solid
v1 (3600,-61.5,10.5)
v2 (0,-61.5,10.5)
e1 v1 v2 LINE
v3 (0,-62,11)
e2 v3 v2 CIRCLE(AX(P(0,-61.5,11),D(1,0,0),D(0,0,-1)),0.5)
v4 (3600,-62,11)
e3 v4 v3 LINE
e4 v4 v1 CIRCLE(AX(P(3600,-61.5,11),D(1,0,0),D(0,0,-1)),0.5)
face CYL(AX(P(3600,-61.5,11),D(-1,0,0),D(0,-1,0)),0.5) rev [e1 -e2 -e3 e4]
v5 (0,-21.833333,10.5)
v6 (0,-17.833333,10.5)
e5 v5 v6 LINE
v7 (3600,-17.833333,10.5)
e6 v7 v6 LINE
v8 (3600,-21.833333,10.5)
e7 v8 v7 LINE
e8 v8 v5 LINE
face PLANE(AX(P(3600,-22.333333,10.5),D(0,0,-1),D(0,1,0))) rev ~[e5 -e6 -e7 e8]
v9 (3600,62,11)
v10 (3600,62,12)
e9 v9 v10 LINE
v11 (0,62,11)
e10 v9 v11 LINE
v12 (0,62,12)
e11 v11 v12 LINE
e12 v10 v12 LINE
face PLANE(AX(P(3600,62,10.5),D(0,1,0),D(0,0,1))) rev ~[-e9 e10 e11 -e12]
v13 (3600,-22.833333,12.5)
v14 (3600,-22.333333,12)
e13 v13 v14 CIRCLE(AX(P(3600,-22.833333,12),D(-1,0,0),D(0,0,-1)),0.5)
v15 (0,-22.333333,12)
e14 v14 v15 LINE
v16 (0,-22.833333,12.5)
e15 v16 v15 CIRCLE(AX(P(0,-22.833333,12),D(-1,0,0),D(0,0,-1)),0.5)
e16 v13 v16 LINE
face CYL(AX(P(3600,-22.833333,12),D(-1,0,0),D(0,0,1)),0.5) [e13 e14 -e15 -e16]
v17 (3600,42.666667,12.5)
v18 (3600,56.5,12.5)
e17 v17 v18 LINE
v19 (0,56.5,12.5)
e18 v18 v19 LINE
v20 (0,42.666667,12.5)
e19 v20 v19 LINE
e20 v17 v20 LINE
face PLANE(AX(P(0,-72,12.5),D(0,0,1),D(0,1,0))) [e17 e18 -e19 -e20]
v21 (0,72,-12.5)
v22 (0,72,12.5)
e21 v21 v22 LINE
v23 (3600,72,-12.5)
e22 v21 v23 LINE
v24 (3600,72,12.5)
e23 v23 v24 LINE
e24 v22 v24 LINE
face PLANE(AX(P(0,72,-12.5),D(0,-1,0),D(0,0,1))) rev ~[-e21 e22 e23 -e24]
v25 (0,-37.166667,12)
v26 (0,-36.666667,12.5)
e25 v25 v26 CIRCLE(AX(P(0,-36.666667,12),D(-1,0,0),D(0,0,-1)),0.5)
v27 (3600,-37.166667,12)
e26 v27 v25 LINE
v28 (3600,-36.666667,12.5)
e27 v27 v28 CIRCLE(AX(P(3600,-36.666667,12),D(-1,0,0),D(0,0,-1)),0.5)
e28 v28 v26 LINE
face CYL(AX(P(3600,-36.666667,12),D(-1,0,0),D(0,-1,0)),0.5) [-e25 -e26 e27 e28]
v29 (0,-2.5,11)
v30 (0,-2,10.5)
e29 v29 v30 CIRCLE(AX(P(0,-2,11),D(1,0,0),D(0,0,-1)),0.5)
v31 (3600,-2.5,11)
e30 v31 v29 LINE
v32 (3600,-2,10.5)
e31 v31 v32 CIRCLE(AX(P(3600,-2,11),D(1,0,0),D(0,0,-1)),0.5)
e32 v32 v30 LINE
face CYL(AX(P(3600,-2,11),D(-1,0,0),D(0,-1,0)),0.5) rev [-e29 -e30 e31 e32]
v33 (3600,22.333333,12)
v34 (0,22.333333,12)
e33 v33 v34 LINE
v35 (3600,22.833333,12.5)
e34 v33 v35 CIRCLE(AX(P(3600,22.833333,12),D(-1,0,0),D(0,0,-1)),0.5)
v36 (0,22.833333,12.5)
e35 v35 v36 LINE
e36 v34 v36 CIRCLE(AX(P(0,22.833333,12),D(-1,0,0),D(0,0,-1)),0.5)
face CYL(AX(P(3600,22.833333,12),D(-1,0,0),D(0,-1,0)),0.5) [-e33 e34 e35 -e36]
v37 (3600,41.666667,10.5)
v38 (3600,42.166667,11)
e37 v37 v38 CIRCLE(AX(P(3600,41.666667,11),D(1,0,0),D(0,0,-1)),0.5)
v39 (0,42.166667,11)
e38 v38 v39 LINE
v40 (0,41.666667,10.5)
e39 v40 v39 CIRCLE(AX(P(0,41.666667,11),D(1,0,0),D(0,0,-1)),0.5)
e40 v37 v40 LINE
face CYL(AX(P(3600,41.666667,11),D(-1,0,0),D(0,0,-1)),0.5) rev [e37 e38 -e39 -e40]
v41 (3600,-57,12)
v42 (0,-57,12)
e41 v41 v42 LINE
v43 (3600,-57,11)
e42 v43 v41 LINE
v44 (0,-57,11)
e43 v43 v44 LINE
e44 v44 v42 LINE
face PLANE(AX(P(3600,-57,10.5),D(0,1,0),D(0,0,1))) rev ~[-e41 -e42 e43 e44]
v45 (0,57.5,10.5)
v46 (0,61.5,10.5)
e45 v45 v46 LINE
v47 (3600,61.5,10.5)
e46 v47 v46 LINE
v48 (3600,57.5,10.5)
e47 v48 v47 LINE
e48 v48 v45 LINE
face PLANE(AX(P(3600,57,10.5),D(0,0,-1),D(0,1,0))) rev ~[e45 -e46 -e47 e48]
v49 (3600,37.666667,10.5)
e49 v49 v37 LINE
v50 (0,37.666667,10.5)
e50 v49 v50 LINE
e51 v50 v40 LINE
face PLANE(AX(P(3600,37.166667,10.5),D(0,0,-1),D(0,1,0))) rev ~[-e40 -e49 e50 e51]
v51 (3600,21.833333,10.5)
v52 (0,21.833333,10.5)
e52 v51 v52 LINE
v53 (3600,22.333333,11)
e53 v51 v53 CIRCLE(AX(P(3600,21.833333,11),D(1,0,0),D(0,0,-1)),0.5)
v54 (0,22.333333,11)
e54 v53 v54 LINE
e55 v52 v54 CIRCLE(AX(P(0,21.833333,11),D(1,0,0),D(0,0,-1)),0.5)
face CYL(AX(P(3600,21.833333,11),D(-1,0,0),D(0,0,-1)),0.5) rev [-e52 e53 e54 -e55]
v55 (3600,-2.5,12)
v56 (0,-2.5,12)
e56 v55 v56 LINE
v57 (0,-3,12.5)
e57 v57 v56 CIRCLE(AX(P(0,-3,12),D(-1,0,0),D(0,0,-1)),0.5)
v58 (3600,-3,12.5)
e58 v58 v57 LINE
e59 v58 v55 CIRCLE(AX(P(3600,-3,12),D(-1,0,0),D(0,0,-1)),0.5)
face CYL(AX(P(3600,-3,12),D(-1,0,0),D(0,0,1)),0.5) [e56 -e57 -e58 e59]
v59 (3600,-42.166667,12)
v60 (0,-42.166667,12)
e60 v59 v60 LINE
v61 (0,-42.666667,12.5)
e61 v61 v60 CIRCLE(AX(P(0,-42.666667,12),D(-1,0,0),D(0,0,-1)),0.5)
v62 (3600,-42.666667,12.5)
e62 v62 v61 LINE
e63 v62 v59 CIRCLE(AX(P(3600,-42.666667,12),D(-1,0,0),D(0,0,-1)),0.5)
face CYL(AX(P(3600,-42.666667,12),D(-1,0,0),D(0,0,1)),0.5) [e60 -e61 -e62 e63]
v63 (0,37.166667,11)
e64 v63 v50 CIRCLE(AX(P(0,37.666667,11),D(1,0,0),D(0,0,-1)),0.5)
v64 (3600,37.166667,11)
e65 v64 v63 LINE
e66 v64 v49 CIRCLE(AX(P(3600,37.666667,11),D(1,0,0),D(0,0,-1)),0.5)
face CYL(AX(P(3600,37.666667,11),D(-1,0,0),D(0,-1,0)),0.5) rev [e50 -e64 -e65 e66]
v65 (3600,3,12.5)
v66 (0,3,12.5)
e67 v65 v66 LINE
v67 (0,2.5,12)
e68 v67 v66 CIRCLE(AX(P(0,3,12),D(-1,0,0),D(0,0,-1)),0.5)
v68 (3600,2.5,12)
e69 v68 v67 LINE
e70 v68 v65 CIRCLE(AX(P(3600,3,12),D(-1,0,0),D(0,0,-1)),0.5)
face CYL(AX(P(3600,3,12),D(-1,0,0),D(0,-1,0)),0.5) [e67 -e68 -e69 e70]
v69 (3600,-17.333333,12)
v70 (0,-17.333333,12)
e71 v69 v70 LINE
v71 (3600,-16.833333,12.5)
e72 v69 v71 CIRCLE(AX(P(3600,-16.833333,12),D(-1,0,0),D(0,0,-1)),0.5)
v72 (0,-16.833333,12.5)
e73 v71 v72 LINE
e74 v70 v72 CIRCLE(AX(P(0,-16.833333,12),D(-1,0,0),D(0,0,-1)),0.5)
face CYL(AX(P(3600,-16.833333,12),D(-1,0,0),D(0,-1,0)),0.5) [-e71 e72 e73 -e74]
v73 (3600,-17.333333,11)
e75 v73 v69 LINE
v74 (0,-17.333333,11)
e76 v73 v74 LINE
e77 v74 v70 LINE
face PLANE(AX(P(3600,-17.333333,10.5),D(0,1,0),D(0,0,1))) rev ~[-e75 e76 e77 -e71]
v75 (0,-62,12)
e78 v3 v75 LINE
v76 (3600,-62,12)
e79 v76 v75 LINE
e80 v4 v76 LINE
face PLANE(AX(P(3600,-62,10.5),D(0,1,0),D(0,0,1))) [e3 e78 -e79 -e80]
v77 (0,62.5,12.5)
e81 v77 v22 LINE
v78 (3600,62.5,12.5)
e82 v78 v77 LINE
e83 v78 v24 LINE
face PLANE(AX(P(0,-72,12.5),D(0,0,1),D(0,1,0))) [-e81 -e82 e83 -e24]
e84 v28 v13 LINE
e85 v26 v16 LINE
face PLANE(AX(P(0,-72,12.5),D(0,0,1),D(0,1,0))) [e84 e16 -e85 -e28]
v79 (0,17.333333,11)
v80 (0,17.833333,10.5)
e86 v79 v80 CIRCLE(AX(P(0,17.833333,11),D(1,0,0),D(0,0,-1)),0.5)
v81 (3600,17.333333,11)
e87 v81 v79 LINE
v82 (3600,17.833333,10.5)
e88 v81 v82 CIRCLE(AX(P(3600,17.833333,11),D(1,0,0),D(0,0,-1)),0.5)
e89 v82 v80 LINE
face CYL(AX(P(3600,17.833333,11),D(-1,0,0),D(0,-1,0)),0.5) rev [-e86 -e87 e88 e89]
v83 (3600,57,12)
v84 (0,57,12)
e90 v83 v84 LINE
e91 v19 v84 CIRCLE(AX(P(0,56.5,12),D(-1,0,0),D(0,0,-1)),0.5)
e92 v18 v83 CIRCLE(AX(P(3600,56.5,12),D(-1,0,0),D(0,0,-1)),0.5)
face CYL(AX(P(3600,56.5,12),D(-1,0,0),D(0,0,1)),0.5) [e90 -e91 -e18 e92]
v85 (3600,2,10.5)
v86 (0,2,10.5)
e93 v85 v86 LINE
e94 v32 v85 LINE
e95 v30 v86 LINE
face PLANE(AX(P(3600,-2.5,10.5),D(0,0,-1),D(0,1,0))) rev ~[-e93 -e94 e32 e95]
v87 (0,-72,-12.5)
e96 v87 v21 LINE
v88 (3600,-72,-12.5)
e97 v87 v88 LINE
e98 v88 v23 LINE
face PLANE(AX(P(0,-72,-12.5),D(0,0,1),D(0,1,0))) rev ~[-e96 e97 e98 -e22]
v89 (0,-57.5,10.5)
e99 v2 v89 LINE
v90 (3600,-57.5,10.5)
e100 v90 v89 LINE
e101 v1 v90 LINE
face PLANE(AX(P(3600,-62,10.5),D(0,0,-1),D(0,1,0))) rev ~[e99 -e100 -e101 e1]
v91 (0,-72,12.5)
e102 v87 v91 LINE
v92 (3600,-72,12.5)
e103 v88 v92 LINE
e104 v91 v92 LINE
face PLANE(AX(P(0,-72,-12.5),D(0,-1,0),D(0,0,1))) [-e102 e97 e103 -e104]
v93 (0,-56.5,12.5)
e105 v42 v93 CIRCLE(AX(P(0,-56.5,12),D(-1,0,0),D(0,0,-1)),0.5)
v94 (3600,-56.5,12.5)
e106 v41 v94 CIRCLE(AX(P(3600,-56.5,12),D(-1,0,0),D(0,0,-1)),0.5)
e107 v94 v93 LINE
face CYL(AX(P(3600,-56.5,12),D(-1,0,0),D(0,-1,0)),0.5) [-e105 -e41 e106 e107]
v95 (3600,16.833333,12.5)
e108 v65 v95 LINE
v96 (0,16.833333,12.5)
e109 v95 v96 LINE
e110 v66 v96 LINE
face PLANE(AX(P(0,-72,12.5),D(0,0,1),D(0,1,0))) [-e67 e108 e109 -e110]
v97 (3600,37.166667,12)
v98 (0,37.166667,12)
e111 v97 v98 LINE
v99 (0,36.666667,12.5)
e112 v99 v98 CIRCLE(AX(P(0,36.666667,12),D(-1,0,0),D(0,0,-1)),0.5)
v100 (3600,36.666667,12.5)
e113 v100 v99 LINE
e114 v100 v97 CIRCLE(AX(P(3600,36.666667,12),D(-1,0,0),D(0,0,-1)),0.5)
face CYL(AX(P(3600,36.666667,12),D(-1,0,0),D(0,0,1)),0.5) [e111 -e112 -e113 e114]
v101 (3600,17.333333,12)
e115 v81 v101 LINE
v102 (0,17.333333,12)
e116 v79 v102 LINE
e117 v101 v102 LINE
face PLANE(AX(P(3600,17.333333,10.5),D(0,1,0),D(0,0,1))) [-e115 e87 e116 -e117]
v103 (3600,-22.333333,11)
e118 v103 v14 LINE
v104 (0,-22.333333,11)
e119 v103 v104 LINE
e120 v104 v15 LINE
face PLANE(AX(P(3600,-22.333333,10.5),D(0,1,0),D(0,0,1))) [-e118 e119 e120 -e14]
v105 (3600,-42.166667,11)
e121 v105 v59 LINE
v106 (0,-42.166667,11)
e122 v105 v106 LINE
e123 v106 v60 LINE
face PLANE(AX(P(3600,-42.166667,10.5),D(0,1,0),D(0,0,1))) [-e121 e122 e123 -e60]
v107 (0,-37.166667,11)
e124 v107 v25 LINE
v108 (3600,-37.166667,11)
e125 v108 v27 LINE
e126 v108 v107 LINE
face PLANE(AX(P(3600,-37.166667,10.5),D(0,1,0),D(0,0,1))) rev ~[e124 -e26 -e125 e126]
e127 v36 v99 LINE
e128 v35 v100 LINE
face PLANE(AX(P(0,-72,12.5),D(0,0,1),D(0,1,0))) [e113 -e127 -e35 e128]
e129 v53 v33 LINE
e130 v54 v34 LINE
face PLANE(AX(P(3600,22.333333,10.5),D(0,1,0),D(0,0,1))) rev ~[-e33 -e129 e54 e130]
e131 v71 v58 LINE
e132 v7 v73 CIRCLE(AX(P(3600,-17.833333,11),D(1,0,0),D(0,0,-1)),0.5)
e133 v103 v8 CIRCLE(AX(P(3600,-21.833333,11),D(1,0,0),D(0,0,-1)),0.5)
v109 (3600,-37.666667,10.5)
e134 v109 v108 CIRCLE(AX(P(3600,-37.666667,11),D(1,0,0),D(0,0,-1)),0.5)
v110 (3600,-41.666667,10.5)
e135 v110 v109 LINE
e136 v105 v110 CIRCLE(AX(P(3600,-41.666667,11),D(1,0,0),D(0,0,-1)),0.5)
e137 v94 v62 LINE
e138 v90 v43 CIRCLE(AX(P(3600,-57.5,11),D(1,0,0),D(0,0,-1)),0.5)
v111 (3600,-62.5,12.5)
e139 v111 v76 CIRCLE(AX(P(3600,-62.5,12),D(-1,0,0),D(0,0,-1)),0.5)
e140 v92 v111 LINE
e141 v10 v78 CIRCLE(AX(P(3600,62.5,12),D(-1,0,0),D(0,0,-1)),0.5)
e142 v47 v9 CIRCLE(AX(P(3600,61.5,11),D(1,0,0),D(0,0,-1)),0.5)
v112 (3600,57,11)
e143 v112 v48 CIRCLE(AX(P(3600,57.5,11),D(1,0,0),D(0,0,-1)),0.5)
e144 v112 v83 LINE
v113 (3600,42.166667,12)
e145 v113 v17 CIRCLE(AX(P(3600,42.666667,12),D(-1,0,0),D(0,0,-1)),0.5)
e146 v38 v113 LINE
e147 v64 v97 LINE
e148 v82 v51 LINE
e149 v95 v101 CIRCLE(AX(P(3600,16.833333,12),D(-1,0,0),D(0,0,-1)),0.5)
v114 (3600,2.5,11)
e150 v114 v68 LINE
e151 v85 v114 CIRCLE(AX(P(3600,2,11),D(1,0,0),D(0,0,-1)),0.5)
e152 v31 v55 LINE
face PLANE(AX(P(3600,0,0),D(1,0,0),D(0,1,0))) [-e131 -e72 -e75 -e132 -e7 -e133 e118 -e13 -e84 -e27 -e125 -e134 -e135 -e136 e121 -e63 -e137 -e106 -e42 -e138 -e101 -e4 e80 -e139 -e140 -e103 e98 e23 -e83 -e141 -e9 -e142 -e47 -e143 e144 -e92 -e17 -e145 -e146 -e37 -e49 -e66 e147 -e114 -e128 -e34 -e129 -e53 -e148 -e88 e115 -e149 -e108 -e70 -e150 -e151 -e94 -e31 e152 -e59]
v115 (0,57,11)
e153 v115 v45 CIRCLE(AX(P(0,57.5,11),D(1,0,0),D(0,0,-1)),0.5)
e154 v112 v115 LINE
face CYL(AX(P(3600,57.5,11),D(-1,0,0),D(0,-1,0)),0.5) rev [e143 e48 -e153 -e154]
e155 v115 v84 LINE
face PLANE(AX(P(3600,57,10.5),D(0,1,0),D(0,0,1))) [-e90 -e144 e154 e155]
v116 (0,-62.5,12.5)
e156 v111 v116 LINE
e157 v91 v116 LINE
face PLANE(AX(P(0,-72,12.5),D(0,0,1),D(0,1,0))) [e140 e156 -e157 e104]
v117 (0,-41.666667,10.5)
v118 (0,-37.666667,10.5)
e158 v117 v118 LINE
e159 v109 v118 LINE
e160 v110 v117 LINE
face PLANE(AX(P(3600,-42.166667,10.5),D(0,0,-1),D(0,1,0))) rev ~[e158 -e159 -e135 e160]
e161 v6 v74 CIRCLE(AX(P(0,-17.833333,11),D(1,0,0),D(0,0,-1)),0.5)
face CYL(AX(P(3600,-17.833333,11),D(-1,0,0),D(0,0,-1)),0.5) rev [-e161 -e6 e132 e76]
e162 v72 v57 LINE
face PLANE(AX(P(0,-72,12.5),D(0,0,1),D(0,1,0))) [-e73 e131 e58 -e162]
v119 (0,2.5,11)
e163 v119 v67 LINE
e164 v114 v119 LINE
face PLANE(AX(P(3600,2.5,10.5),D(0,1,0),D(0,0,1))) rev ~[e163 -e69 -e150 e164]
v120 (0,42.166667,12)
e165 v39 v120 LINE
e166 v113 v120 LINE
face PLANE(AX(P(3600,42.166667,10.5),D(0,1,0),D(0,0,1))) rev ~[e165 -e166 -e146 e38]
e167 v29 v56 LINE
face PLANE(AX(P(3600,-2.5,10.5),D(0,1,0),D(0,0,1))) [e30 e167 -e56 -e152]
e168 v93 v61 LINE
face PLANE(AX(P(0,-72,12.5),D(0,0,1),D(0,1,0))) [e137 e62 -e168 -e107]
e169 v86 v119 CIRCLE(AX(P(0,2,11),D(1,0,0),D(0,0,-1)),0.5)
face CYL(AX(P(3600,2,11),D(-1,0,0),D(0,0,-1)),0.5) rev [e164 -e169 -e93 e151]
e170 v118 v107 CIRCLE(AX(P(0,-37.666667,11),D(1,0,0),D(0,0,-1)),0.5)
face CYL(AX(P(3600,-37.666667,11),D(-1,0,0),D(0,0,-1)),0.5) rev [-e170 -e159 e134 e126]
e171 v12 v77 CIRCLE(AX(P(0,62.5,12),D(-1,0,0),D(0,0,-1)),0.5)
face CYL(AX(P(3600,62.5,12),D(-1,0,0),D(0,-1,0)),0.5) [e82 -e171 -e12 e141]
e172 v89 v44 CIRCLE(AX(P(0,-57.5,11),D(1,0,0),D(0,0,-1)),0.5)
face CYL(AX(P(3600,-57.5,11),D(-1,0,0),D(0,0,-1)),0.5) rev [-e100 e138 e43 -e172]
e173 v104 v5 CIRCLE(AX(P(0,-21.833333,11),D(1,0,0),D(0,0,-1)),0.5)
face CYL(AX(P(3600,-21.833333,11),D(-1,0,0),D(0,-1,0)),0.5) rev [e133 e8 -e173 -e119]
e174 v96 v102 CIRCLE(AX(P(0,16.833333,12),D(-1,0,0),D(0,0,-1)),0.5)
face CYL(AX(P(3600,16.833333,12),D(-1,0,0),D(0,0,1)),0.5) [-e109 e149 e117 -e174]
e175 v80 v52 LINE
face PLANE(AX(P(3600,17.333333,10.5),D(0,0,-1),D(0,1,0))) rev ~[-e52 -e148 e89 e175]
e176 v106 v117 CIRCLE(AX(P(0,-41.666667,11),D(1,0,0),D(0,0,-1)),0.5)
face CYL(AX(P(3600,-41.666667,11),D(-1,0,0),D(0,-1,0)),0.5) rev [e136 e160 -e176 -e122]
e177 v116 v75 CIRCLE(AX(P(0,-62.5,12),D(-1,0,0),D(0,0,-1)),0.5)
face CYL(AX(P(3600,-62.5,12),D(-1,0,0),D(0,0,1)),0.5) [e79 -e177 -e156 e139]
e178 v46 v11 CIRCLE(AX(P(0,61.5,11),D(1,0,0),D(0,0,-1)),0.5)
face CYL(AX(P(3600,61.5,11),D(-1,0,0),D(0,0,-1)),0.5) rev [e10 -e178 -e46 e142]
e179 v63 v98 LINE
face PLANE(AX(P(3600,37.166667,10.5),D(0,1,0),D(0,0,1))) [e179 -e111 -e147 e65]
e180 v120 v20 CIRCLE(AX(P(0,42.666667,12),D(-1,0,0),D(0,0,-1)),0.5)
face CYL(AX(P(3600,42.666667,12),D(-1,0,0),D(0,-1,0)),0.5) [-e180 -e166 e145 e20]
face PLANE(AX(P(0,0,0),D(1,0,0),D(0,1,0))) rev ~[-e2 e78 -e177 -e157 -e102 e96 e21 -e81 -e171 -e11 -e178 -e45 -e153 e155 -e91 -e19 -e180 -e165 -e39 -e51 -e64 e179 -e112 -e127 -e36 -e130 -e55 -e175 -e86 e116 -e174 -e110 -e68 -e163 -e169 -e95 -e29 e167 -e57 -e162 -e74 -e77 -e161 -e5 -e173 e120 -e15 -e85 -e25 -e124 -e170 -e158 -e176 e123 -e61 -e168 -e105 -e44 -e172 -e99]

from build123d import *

# Parameters (mm, degrees)
F0_W     = 144
F0_H     = 25
F1_DEPTH = 3600
F2_W     = 5
F2_H     = 2
F3_DEPTH = 3600.001
F4_R     = 0.5


with BuildPart() as f1:
    # F0 (on Right) → F1 (new body)
    with BuildSketch(Plane.YZ):
        Rectangle(F0_W, F0_H)
    extrude(amount=F1_DEPTH)

    # F2 (on face) → F3 (cut, through all)
    with BuildSketch(Plane.YZ.offset(3600)):
        with Locations((-59.5, 11.5)):
            Rectangle(F2_W, F2_H)
        with Locations((-39.6666666667, 11.5)):
            Rectangle(F2_W, F2_H)
        with Locations((-19.8333333333, 11.5)):
            Rectangle(F2_W, F2_H)
        with Locations((0, 11.5)):
            Rectangle(F2_W, F2_H)
        with Locations((19.8333333333, 11.5)):
            Rectangle(F2_W, F2_H)
        with Locations((39.6666666667, 11.5)):
            Rectangle(F2_W, F2_H)
        with Locations((59.5, 11.5)):
            Rectangle(F2_W, F2_H)
    extrude(amount=-F3_DEPTH, mode=Mode.SUBTRACT)

    # F4
    f4_edges = [f1.edges().sort_by_distance(p)[0] for p in [
        (1800, -62, 12.5),
        (1800, -62, 10.5),
        (1800, -57, 12.5),
        (1800, -57, 10.5),
        (1800, -37.166667, 12.5),
        (1800, -37.166667, 10.5),
        (1800, -17.333333, 12.5),
        (1800, -17.333333, 10.5),
        (1800, 2.5, 12.5),
        (1800, 2.5, 10.5),
        (1800, 22.333333, 12.5),
        (1800, 22.333333, 10.5),
        (1800, 42.166667, 12.5),
        (1800, 42.166667, 10.5),
        (1800, 62, 12.5),
        (1800, 62, 10.5),
        (1800, 57, 12.5),
        (1800, 57, 10.5),
        (1800, 37.166667, 12.5),
        (1800, 37.166667, 10.5),
        (1800, 17.333333, 12.5),
        (1800, 17.333333, 10.5),
        (1800, -2.5, 12.5),
        (1800, -2.5, 10.5),
        (1800, -22.333333, 12.5),
        (1800, -22.333333, 10.5),
        (1800, -42.166667, 12.5),
        (1800, -42.166667, 10.5),
    ]]
    fillet(f4_edges, radius=F4_R)


solid = f1.part
